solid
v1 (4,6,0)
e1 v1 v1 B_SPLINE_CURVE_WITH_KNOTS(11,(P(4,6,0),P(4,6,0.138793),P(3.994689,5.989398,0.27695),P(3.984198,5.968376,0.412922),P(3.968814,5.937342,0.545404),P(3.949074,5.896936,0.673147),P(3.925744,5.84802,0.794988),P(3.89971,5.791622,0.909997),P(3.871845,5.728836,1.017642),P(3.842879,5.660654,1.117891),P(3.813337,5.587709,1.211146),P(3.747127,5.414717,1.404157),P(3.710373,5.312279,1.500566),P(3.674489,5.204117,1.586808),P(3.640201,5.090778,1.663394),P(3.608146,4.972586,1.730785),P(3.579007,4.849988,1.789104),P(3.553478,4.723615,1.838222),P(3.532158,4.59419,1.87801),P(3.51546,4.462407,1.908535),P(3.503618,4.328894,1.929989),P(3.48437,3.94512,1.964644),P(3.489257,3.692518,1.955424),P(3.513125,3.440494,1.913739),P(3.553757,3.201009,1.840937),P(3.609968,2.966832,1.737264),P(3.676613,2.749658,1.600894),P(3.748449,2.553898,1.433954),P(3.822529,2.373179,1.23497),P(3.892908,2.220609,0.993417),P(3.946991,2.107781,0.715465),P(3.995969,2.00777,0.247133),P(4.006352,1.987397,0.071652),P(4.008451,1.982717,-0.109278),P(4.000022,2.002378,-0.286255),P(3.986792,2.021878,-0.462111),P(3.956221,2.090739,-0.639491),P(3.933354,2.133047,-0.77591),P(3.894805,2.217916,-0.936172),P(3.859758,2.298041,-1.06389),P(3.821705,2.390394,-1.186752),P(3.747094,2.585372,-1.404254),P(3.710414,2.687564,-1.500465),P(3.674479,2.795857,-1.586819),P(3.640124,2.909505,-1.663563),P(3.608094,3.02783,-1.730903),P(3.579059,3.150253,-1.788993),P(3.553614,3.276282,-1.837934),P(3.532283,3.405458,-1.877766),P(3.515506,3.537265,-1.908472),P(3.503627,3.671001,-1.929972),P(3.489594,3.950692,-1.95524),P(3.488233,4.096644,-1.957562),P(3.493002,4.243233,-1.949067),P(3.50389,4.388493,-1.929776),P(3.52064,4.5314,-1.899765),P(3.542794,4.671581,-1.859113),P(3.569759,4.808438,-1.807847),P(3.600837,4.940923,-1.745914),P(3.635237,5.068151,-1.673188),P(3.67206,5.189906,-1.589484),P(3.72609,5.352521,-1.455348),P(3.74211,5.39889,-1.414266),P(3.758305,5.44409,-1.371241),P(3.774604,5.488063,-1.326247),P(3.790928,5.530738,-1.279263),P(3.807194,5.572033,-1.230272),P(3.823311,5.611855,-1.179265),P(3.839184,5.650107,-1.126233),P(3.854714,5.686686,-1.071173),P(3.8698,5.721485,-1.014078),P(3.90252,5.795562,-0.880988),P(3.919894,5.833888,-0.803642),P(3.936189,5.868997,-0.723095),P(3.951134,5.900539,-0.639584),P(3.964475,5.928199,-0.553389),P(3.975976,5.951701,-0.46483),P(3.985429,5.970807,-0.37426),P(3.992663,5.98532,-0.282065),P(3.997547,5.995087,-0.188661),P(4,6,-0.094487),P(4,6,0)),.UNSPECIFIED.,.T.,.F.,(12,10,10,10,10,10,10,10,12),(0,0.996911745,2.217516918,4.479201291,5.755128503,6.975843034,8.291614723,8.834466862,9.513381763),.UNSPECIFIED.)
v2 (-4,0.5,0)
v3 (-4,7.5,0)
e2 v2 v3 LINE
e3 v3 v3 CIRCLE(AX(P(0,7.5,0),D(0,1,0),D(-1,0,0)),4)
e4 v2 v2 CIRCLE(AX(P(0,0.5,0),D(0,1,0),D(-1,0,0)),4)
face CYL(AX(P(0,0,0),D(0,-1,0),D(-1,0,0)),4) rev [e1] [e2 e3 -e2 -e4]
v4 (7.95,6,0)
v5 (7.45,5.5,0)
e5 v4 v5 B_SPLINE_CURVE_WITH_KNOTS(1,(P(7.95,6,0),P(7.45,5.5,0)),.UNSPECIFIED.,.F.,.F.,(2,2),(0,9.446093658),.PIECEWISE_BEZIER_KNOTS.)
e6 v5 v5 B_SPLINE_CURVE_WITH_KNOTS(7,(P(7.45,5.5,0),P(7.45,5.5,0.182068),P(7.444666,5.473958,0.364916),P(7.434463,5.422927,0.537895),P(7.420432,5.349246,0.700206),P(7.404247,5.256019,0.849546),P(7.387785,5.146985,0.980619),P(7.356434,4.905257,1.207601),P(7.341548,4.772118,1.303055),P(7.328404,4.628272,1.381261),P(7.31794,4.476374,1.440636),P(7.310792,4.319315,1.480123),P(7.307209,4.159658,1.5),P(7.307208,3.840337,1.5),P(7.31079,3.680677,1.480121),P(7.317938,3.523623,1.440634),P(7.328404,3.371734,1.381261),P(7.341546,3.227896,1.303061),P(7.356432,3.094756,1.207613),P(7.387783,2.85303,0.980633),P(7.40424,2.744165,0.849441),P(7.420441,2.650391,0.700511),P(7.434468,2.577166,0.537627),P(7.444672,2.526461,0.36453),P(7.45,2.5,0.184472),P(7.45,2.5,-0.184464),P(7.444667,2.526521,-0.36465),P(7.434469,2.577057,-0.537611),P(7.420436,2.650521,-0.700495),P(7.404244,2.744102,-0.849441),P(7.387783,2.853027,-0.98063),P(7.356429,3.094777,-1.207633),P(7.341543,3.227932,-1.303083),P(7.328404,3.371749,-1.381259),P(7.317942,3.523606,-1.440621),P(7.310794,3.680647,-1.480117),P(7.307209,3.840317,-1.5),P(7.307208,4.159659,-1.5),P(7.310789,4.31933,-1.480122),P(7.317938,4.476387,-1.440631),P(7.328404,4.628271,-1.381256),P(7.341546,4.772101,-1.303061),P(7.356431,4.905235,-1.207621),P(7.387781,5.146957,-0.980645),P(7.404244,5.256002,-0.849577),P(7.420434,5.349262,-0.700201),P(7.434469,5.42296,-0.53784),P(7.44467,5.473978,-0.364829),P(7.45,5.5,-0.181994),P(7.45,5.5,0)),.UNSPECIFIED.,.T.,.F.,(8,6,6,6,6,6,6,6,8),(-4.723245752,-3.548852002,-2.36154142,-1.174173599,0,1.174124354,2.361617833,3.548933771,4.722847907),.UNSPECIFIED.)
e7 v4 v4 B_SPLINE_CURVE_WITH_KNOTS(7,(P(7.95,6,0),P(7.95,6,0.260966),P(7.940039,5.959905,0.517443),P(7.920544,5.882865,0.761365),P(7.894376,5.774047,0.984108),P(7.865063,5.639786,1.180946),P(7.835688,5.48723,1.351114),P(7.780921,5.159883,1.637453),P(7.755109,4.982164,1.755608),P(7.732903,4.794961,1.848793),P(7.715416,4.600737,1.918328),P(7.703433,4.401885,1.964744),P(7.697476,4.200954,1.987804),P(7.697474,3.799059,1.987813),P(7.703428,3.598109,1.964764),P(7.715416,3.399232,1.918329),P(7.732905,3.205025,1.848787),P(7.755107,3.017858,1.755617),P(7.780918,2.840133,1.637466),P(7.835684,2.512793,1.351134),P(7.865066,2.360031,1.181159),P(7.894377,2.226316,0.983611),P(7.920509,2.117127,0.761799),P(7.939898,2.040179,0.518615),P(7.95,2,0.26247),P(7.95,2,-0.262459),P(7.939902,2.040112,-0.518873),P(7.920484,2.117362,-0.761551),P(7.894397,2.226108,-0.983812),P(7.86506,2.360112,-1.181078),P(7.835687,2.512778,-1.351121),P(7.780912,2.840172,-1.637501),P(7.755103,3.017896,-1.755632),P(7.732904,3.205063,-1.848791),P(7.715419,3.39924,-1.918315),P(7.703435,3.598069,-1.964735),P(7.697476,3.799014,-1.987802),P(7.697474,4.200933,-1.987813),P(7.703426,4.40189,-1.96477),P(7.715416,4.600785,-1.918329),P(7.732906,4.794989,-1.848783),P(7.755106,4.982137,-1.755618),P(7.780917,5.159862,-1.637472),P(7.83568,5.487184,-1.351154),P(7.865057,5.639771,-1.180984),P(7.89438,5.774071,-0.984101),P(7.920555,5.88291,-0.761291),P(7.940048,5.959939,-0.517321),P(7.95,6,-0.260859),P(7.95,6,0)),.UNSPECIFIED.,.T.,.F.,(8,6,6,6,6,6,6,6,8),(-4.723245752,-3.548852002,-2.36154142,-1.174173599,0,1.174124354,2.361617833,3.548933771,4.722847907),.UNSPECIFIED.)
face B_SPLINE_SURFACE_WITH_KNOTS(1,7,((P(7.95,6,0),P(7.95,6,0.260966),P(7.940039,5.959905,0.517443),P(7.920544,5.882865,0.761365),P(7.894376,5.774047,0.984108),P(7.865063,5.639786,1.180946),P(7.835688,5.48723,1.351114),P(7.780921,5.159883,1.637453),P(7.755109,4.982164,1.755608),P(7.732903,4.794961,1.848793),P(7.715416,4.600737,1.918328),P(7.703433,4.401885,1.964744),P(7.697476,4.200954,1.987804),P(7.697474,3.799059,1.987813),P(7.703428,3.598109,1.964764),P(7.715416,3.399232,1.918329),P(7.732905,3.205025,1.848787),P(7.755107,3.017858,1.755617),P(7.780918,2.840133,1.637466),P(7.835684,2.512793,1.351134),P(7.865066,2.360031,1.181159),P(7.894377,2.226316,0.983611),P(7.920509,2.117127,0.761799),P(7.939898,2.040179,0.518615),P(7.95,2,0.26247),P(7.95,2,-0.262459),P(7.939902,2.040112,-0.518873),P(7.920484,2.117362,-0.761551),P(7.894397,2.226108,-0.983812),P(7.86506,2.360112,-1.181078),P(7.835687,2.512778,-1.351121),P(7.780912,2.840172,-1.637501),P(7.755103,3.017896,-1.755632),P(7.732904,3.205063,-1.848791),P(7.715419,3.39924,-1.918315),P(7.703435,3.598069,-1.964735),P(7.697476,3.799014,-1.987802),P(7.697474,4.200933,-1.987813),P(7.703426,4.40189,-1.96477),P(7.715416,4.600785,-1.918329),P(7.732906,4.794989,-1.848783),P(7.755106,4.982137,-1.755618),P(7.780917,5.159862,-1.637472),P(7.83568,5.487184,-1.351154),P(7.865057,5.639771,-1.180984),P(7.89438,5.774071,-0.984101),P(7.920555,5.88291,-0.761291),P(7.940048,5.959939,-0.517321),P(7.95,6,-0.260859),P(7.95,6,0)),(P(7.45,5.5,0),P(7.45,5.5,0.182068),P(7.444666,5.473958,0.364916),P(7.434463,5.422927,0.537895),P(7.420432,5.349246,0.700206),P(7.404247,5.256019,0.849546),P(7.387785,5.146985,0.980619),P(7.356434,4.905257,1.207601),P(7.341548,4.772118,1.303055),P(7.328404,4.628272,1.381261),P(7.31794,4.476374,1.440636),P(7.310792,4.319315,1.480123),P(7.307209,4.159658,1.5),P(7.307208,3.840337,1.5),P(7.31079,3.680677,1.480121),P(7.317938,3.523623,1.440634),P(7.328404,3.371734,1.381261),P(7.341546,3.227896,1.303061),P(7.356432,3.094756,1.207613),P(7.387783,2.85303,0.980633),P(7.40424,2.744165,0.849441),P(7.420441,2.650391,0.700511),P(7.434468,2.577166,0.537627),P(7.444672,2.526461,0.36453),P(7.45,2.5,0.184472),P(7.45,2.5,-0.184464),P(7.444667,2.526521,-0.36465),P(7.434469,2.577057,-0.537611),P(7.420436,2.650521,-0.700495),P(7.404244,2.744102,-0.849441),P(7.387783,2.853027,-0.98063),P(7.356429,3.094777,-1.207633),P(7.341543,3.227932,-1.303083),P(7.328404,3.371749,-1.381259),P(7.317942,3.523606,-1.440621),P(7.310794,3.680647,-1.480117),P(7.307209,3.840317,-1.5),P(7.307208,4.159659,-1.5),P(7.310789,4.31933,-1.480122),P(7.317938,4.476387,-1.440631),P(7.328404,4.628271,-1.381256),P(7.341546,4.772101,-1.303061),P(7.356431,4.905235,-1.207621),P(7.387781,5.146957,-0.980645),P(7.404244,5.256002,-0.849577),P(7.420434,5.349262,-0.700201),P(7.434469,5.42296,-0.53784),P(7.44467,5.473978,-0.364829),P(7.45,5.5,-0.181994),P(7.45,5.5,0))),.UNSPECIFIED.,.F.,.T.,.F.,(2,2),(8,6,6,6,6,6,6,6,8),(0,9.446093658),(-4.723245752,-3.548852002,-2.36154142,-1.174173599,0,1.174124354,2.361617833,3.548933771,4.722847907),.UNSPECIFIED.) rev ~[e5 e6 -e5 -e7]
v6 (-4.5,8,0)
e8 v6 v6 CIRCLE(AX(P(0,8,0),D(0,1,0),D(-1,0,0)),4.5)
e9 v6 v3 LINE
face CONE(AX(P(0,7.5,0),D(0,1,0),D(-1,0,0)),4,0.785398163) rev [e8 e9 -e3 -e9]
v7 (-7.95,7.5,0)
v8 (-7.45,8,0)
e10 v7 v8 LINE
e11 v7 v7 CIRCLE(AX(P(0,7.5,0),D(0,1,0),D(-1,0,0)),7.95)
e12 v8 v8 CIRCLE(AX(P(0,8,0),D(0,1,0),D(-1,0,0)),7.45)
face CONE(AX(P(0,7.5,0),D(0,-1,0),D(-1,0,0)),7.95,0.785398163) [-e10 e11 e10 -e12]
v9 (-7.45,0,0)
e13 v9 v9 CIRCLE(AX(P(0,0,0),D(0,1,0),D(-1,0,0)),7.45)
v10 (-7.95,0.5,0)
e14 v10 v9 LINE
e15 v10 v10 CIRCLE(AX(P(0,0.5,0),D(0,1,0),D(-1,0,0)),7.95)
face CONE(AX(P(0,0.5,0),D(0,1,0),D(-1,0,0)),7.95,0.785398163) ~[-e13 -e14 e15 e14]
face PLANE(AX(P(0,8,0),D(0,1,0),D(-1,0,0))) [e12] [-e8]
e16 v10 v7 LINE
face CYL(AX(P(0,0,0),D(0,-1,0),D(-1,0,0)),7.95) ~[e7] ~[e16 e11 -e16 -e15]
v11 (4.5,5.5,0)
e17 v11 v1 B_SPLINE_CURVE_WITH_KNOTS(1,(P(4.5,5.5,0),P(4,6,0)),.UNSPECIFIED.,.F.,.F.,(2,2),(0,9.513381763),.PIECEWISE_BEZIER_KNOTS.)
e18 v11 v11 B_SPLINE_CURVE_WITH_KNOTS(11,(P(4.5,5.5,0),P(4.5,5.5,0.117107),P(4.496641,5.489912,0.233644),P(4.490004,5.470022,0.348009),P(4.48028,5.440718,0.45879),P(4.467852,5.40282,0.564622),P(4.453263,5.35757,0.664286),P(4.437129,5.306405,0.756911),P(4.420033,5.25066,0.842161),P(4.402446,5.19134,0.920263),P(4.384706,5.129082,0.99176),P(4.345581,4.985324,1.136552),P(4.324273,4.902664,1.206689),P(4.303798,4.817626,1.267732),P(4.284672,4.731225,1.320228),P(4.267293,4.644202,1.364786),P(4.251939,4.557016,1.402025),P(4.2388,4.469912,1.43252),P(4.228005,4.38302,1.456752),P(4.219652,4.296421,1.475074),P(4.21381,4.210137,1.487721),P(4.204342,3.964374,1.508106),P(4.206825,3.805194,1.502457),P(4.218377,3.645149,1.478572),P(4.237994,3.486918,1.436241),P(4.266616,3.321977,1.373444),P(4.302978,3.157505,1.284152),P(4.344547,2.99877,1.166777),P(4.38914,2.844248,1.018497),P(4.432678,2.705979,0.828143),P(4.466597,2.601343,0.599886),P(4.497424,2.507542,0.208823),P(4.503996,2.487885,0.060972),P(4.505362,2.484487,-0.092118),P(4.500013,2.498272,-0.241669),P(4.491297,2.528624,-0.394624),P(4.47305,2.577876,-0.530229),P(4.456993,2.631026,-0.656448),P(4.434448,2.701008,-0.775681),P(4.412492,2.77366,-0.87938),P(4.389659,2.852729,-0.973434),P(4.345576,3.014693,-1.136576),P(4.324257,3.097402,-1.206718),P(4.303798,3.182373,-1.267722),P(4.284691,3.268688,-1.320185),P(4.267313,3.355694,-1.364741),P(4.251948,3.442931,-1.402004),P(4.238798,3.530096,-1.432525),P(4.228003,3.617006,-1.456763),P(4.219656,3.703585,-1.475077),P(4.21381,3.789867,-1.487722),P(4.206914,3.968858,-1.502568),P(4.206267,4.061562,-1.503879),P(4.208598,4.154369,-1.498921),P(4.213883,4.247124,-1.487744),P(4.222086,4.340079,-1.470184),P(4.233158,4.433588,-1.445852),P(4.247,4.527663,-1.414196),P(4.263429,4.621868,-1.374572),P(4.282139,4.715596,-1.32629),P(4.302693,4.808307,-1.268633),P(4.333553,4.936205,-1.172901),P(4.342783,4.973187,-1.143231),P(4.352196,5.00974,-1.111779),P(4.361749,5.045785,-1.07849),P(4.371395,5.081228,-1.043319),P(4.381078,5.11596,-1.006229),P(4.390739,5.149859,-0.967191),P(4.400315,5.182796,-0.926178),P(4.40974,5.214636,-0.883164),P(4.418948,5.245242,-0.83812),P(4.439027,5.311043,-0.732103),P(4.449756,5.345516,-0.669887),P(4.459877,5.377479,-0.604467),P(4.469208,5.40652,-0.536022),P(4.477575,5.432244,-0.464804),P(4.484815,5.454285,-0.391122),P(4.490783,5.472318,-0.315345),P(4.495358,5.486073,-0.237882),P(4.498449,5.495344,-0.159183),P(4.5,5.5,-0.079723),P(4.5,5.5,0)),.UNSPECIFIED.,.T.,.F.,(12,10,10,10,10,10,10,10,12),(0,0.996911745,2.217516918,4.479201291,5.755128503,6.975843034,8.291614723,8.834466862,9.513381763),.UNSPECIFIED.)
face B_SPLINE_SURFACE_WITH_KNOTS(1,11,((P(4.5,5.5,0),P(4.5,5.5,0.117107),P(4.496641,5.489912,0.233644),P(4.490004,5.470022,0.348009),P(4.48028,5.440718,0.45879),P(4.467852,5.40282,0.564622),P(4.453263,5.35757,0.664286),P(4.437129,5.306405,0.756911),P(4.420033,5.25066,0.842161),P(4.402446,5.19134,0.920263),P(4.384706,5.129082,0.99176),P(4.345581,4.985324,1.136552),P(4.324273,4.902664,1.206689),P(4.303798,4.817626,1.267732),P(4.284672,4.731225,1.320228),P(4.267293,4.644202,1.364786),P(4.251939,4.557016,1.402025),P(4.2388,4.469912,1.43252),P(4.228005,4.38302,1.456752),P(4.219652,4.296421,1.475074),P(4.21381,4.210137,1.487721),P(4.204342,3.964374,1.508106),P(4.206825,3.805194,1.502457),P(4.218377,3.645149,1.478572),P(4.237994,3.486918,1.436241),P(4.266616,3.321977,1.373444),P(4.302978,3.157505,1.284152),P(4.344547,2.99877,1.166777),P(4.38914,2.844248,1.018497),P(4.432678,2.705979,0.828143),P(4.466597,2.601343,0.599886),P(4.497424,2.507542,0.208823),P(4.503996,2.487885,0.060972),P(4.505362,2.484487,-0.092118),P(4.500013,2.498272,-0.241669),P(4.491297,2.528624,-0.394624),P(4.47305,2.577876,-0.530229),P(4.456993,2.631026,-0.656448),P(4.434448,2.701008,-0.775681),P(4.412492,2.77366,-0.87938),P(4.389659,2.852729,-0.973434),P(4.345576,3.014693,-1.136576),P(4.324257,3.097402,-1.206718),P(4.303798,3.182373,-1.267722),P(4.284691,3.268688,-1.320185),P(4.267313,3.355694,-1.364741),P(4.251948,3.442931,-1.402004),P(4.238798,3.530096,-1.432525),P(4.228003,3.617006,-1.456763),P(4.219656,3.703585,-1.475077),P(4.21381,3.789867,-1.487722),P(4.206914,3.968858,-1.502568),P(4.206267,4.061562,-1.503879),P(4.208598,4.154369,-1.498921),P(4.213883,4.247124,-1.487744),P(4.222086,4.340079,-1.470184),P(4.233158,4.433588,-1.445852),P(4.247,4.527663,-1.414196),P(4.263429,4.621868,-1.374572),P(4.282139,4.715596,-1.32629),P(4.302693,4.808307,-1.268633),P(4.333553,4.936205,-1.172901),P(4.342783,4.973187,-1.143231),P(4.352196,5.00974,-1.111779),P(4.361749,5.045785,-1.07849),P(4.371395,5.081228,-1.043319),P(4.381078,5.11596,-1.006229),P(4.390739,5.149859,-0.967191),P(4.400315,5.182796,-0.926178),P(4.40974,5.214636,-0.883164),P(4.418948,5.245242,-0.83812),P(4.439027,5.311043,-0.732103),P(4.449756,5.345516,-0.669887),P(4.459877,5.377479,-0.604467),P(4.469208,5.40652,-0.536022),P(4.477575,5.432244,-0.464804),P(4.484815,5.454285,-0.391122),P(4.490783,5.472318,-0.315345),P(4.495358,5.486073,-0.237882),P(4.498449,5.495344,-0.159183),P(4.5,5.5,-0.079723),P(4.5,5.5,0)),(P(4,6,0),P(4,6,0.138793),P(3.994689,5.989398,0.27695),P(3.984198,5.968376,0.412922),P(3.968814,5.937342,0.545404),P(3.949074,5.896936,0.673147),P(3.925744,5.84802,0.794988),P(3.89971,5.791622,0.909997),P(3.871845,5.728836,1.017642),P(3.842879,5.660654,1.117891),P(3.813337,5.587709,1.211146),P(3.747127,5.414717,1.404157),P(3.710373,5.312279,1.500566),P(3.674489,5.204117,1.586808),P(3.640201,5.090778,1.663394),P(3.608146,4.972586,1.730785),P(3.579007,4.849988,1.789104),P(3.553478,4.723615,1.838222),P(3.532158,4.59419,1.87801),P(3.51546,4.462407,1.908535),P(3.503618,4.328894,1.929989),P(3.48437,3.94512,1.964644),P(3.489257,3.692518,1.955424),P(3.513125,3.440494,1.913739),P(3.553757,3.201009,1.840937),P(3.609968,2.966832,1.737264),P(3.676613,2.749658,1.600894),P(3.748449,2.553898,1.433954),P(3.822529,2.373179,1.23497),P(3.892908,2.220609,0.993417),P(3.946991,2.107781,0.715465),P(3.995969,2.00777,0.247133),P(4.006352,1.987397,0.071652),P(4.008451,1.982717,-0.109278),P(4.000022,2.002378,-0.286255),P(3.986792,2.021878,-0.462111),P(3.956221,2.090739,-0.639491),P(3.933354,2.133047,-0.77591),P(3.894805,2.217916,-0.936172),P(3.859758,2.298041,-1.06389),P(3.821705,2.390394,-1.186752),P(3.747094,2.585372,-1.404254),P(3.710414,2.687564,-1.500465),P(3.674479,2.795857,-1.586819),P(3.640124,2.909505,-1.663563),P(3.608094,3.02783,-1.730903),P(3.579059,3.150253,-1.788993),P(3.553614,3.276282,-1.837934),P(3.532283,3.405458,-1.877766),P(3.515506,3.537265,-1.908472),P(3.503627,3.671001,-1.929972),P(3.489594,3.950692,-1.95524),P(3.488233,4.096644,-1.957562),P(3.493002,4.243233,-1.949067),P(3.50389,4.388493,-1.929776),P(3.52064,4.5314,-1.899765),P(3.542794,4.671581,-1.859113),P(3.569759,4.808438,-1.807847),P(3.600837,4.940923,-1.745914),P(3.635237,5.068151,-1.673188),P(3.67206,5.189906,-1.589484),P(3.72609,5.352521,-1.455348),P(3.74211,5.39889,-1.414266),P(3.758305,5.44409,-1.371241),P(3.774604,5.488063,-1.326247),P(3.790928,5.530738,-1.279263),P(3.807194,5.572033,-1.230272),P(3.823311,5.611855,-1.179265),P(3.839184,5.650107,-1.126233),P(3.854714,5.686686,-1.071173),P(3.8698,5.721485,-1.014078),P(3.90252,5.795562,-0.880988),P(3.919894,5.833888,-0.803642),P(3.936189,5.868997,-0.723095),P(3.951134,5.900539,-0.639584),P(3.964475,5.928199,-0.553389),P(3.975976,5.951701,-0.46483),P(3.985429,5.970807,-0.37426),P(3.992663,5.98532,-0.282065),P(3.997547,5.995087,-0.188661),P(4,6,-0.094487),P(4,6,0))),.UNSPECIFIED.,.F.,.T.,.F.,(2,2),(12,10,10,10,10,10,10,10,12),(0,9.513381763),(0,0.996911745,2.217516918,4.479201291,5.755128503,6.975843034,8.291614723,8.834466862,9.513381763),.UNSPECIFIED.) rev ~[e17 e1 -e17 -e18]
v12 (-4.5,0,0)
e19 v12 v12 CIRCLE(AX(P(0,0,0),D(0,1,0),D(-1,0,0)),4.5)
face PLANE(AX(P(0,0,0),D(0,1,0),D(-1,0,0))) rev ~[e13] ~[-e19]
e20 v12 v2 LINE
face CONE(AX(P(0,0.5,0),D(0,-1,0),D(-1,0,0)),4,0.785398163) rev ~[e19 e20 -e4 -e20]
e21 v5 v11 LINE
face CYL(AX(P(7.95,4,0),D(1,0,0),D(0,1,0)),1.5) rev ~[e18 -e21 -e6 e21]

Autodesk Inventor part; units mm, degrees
ref_plane "XZ Plane" through (0, 0, 0) normal (0, 1, 0) x (-1, 0, 0)
ref_plane "XY Plane" through (0, 0, 0) normal (0, 0, 1) x (1, 0, 0)
sketch "Sketch1" plane through (0, 0, 0) normal (0, 1, 0) x (-1, 0, 0)
  circle A0 centre (0, 0) radius 4
  circle A1 centre (0, 0) radius 7.95
  dimension "d0" = 8
  dimension "d1" = 15.9
extrude "Extrusion1" add sketch "Sketch1" along normal blind 8
ref_plane "Work Plane1" through (7.95, 0, 0) normal (1, 0, 0) x (0, 1, 0)
sketch "Sketch2" plane through (7.95, 0, 0) normal (1, 0, 0) x (0, 1, 0)
  circle A0 centre (4, 0) radius 1.5
  line L0 (0, -7.95) -> (0, 7.95) projected
  line L1 (8, -7.95) -> (8, 7.95) projected
  point P0 (0, 0)
  dimension "d4" = 3
  dimension "d5" = 8
  dimension "d6" = 4
extrude "Extrusion2" cut sketch "Sketch2" against normal up to surface
thread "Thread1" size "M3x0.5" class "6H" standard "ANSI Metric M Profile" full length
chamfer "Chamfer1" distance 0.5 angle 45 7 edges at (7.95, 8, 0) (4, 8, 0) (7.95, 0, 0) (4, 0, 0) (4, 2.5, -0.0003) (7.8072, 3.9998, -1.5) (7.8072, 4.0001, 1.5)
equation "\"d6\" = 0.5 * d5"
properties part number "stelring - 8mm" material "Stainless Steel"
